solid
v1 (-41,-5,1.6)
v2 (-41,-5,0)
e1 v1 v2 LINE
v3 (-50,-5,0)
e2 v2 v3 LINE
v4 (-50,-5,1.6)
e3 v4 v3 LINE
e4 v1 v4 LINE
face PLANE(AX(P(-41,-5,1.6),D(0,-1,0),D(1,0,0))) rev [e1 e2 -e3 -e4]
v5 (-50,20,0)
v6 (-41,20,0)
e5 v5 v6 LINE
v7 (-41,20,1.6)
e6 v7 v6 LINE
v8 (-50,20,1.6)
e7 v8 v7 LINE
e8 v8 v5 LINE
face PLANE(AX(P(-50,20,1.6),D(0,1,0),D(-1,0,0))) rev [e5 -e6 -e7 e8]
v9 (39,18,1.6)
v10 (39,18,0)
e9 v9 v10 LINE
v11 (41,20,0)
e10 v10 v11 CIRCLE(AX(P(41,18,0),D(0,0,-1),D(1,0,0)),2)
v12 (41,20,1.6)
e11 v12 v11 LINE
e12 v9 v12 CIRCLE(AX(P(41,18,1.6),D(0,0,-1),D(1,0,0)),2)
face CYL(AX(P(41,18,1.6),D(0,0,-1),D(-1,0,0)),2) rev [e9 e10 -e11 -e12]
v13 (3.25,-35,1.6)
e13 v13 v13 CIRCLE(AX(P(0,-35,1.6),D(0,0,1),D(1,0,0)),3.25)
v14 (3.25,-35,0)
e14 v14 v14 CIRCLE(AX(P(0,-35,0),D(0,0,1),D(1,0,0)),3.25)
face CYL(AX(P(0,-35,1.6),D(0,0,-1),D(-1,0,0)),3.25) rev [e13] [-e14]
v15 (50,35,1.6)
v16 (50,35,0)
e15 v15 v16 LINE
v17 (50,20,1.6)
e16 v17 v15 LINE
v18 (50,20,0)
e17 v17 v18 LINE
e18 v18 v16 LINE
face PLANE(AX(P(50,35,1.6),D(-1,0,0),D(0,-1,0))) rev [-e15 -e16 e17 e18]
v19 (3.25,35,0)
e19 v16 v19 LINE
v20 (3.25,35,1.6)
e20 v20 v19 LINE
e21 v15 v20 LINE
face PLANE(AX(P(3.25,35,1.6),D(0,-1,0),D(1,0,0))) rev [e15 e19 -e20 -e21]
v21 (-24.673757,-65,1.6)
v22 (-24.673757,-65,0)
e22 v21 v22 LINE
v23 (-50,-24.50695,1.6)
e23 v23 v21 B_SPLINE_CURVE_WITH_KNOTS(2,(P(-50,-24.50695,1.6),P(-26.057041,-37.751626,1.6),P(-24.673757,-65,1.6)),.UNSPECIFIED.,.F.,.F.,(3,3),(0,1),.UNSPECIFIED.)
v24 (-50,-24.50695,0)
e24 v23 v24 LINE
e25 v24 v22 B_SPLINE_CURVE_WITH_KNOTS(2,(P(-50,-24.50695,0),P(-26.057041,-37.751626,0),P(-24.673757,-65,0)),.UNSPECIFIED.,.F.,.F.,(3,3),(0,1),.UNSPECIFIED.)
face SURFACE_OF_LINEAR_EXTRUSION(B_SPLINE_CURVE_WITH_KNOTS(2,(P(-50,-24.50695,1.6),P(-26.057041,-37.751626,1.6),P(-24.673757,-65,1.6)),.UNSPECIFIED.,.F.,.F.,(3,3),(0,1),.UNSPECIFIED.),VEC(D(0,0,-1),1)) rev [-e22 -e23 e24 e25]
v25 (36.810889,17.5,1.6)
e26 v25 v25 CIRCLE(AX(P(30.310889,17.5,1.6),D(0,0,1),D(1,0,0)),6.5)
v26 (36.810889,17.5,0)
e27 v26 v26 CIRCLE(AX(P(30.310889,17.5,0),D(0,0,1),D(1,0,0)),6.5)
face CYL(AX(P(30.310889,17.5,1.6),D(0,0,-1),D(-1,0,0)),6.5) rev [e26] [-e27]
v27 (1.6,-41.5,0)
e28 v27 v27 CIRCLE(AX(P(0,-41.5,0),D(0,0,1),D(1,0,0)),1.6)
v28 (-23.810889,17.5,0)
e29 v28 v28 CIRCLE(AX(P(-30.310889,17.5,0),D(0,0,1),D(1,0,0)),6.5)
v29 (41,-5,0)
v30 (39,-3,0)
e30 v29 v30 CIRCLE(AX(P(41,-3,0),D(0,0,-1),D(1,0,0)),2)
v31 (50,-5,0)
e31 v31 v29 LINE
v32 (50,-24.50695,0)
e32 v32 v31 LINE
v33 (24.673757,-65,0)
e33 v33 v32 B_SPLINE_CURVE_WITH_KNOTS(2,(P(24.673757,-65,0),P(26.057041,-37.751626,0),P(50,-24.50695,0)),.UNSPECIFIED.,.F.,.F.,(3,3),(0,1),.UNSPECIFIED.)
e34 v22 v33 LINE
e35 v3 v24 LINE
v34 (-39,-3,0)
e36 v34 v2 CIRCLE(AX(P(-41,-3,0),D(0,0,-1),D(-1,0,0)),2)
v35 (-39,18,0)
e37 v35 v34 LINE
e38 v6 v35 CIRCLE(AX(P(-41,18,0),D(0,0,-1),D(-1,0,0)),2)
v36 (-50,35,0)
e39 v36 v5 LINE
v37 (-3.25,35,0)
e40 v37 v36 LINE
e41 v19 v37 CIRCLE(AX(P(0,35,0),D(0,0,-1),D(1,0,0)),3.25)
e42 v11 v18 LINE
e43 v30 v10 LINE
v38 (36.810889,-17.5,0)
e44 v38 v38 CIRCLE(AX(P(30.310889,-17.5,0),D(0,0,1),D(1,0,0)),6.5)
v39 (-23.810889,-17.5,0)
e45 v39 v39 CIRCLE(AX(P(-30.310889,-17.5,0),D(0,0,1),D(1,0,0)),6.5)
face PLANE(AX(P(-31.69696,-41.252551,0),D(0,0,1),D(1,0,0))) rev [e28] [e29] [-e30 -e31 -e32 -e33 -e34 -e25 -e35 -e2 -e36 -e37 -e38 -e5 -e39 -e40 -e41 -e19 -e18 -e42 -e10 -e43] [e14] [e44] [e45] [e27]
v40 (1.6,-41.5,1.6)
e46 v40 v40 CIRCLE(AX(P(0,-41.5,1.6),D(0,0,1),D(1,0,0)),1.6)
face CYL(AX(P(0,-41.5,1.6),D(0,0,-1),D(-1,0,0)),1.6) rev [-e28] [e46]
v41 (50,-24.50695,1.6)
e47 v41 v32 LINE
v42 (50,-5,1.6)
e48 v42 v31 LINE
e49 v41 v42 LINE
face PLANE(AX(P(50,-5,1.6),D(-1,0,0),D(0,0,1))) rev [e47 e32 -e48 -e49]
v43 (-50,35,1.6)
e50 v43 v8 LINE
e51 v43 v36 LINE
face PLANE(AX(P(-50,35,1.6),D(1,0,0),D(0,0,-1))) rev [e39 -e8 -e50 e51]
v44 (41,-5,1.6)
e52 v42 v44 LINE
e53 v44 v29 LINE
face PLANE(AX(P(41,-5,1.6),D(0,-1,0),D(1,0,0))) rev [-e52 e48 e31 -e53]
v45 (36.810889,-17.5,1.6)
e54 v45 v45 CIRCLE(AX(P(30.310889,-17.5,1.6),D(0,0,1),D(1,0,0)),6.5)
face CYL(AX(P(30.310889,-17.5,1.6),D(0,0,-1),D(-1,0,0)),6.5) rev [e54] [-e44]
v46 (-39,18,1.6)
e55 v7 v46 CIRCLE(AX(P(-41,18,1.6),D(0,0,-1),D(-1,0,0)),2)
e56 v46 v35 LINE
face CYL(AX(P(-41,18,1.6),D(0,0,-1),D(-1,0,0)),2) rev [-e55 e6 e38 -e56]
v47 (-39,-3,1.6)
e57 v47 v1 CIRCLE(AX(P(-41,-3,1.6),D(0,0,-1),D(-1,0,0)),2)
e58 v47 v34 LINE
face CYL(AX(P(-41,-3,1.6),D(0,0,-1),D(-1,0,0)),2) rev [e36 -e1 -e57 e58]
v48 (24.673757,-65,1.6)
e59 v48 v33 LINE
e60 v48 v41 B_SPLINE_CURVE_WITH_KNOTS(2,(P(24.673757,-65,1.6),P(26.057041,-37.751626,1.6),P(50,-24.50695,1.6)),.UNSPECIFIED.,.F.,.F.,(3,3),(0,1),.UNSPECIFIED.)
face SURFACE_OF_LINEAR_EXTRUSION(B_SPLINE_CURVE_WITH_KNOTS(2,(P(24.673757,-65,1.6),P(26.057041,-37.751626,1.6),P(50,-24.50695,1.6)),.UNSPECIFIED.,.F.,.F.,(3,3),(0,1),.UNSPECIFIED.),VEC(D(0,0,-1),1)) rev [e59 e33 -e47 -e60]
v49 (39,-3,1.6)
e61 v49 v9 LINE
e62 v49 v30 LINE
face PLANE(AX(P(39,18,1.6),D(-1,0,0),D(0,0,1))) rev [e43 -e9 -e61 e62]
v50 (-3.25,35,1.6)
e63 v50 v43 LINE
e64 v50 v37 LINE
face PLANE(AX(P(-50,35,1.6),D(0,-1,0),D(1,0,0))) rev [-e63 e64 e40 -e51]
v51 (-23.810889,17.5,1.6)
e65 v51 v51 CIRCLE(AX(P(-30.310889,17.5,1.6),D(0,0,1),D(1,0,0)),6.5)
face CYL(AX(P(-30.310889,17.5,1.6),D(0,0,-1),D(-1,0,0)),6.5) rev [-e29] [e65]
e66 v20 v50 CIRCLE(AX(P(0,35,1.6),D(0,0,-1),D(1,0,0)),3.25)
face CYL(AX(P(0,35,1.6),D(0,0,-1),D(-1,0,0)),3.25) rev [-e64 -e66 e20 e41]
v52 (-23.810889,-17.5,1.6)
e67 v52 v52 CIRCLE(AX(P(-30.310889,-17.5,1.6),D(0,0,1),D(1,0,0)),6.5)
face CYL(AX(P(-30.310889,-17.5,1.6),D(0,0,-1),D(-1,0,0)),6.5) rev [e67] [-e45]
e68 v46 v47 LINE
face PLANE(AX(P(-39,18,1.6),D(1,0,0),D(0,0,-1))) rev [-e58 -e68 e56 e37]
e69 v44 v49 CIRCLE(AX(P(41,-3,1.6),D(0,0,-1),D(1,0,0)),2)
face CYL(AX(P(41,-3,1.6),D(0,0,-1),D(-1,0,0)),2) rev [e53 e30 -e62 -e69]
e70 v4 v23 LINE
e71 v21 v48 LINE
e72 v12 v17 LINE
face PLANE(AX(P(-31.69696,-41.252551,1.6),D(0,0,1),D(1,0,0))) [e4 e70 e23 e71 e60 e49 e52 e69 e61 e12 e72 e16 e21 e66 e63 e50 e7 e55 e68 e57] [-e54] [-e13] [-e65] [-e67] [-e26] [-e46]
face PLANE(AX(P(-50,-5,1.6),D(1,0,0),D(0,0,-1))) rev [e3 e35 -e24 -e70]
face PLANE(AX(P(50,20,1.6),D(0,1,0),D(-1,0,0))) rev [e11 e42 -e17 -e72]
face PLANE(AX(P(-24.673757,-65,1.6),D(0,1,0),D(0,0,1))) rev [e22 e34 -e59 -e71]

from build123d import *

# Parameters (mm, degrees)
SKETCH_1_R      = 3.25
SKETCH_1_R_2    = 6.5
SKETCH_1_R_3    = 1.6
EXTRUDE_2_DEPTH = 1.6


with BuildPart() as part:
    # 草图1 → 凸台-拉伸2 (new body)
    with BuildSketch(Plane.XY):
        with BuildLine():
            Line((-50, 20), (-41, 20))
            ThreePointArc((-41, 20), (-39.585786438, 19.414213562), (-39, 18))
            Line((-39, 18), (-39, -3))
            ThreePointArc((-39, -3), (-39.585786438, -4.414213562), (-41, -5))
            Line((-41, -5), (-50, -5))
            Line((-50, -5), (-50, -24.506949679))
            add(Edge.make_bspline(
                [(-50, -24.506949679), (-26.057041225, -37.751626241), (-24.673757374, -65)],
                knots=[0, 0, 0, 1, 1, 1], degree=2))
            Line((-24.673757374, -65), (24.673757374, -65))
            add(Edge.make_bspline(
                [(50, -24.506949679), (26.057041225, -37.751626241), (24.673757374, -65)],
                knots=[0, 0, 0, 1, 1, 1], degree=2))
            Line((50, -24.506949679), (50, -5))
            Line((50, -5), (41, -5))
            ThreePointArc((41, -5), (39.585786438, -4.414213562), (39, -3))
            Line((39, -3), (39, 18))
            ThreePointArc((39, 18), (39.585786438, 19.414213562), (41, 20))
            Line((41, 20), (50, 20))
            Line((50, 20), (50, 35))
            Line((50, 35), (3.25, 35))
            ThreePointArc((3.25, 35), (0, 31.75), (-3.25, 35))
            Line((-3.25, 35), (-50, 35))
            Line((-50, 35), (-50, 20))
        make_face()
        with Locations((0, -35)):
            Circle(SKETCH_1_R, mode=Mode.SUBTRACT)
        with Locations((30.310889132, -17.5)):
            Circle(SKETCH_1_R_2, mode=Mode.SUBTRACT)
        with Locations((30.310889132, 17.5)):
            Circle(SKETCH_1_R_2, mode=Mode.SUBTRACT)
        with Locations((-30.310889132, 17.5)):
            Circle(SKETCH_1_R_2, mode=Mode.SUBTRACT)
        with Locations((-30.310889132, -17.5)):
            Circle(SKETCH_1_R_2, mode=Mode.SUBTRACT)
        with Locations((0, -41.5)):
            Circle(SKETCH_1_R_3, mode=Mode.SUBTRACT)
    extrude(amount=EXTRUDE_2_DEPTH)


solid = part.part
